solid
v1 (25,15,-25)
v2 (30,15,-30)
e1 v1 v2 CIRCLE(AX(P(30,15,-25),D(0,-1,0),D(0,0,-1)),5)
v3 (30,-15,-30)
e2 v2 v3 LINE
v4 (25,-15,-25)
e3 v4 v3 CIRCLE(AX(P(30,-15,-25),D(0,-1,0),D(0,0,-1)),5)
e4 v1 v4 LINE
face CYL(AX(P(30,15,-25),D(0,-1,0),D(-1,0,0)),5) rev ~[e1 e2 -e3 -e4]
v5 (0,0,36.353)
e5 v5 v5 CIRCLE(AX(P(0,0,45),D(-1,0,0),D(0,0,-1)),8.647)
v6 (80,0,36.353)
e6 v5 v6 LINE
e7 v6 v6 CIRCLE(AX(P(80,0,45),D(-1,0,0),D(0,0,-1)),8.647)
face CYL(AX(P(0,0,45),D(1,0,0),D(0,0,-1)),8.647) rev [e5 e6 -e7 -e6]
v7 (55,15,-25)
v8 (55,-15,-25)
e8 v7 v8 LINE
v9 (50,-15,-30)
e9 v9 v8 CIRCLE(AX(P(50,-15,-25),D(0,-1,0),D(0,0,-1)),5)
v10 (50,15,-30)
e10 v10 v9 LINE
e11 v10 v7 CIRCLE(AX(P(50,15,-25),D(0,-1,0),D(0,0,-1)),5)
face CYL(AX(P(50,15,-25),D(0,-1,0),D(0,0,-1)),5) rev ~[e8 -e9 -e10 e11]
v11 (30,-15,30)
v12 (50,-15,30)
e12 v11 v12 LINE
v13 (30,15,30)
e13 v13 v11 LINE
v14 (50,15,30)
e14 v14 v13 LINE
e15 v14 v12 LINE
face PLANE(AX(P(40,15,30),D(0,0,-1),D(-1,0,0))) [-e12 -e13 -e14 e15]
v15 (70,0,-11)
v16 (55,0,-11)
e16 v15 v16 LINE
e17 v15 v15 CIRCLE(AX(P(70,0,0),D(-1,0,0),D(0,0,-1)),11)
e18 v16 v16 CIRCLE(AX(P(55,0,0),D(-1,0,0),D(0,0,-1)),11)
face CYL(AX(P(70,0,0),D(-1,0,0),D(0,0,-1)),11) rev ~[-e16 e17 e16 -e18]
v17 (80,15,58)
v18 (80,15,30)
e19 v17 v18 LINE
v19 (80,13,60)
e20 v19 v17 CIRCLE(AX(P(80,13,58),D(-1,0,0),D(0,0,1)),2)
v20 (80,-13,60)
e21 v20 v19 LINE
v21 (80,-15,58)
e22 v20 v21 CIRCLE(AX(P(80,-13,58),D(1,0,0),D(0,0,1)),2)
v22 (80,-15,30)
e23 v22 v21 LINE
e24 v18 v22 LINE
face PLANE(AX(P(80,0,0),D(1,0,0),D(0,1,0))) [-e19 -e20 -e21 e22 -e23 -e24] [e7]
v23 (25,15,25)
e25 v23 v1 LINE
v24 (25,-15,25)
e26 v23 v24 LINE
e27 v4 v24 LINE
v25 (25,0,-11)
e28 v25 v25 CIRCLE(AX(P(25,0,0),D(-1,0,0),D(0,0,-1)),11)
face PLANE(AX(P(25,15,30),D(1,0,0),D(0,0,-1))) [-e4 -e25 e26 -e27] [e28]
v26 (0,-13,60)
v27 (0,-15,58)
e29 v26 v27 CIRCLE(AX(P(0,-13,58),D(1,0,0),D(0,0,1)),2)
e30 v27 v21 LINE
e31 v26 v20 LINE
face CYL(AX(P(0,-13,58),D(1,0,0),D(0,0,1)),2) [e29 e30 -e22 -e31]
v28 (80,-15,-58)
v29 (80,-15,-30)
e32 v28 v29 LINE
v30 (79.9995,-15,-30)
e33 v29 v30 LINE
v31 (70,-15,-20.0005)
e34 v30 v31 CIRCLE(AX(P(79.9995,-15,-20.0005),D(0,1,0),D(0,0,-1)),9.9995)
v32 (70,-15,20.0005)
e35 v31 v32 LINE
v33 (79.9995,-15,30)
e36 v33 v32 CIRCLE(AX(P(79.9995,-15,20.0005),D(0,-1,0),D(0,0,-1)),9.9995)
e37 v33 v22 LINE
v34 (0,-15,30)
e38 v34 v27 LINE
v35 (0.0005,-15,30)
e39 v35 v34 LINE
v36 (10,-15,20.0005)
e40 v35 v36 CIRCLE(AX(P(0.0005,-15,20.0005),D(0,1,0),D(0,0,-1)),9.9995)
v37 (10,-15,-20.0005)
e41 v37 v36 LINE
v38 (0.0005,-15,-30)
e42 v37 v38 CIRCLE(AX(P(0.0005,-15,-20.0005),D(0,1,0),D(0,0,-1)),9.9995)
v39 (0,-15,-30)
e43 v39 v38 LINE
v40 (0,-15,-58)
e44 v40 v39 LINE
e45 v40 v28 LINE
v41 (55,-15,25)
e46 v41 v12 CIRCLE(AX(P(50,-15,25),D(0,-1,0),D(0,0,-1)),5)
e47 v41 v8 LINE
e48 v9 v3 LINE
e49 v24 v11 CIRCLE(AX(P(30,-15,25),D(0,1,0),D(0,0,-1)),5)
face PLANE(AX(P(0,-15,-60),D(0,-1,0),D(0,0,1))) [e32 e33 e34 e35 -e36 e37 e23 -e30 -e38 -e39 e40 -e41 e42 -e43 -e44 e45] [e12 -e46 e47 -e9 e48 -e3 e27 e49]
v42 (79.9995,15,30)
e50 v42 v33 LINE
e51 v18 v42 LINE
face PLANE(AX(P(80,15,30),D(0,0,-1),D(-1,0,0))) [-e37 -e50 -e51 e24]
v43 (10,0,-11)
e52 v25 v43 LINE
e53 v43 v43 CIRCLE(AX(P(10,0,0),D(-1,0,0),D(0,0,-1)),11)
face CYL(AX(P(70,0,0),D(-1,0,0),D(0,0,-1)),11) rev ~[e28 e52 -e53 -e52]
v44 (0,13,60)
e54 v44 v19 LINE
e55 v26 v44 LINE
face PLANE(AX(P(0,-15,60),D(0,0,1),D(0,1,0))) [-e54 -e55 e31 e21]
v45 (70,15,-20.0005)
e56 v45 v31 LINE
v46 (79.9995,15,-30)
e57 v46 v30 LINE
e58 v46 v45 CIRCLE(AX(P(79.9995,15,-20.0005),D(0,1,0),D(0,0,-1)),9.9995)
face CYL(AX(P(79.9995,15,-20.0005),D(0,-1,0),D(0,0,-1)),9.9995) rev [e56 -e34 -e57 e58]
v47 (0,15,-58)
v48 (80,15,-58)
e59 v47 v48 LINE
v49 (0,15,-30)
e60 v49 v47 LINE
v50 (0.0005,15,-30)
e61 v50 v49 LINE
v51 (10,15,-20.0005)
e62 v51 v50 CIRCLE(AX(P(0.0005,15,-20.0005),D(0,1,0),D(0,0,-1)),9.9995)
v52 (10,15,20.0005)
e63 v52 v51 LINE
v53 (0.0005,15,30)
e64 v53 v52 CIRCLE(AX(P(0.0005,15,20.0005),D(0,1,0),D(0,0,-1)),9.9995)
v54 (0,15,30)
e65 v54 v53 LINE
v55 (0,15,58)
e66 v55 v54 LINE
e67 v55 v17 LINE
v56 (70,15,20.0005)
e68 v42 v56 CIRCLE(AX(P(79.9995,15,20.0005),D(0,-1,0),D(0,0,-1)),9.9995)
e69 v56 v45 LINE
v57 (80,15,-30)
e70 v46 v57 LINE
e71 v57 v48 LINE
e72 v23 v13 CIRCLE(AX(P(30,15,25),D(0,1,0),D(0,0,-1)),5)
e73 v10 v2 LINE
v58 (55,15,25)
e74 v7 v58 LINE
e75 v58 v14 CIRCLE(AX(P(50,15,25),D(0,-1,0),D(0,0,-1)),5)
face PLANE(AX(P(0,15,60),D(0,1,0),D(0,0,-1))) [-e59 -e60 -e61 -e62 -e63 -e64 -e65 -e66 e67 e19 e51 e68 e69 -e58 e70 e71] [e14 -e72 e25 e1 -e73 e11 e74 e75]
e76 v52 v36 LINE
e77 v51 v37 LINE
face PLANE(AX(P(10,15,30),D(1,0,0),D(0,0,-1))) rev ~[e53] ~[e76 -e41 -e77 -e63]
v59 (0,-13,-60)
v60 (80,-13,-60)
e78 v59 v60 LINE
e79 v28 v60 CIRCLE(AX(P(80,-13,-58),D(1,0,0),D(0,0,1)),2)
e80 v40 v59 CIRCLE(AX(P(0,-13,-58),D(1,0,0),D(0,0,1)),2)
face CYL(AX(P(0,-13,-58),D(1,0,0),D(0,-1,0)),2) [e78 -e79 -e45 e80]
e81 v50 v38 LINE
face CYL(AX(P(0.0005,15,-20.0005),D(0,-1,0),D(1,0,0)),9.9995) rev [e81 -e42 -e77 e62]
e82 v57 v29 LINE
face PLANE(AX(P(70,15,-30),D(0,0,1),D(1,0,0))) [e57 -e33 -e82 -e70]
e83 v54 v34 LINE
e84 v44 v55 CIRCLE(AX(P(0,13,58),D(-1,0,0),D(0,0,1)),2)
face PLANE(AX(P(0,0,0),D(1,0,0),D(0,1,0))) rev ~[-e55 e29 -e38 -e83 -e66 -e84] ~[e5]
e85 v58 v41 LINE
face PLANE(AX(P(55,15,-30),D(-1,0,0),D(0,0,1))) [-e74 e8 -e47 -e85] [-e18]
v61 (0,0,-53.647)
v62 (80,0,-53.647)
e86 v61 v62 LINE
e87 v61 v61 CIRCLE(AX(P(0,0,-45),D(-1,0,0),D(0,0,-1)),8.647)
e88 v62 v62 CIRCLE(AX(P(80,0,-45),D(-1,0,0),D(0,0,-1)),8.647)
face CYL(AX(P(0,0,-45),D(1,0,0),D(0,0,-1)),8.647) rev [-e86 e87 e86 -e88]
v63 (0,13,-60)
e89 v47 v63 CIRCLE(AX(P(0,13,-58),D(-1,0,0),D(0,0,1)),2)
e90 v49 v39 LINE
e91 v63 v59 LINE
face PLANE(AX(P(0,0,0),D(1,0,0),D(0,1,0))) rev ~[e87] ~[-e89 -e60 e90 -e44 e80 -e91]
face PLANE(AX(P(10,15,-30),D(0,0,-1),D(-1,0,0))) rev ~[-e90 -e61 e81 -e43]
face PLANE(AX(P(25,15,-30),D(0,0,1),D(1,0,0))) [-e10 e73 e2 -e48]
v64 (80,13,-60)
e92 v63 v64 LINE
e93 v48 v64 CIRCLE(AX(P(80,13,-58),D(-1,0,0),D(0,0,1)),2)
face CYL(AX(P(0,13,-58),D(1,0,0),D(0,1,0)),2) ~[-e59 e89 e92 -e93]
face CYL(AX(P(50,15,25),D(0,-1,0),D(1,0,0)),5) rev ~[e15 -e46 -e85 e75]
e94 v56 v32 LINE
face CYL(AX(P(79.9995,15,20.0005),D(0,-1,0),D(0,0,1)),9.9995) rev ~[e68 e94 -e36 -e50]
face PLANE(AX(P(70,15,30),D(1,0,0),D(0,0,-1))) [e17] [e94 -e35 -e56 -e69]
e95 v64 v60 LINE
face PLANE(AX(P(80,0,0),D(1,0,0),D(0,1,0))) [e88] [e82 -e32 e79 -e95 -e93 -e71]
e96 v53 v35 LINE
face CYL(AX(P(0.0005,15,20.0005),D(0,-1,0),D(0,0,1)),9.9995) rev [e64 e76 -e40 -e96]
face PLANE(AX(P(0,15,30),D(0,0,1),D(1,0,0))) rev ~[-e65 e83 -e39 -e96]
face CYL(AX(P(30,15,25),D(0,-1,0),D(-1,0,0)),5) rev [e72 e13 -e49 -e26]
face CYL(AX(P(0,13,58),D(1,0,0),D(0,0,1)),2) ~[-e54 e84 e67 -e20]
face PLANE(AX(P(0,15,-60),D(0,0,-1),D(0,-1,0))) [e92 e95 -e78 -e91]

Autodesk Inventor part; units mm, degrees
ref_plane "YZ Plane" through (0, 0, 0) normal (1, 0, 0) x (0, 1, 0)
ref_plane "XZ Plane" through (0, 0, 0) normal (0, 1, 0) x (-1, 0, 0)
sketch "Sketch1" plane through (0, 0, 0) normal (1, 0, 0) x (0, 1, 0)
  line L0 (-15, 60) -> (15, 60)
  line L1 (15, 60) -> (15, -60)
  line L2 (15, -60) -> (-15, -60)
  line L3 (-15, -60) -> (-15, 60)
  line L4 (-15, 60) -> (15, -60) construction
  line L5 (15, 60) -> (-15, -60) construction
  point P0 (0, 0)
  dimension "d0" = 30
  dimension "d1" = 120
extrude "Extrusion1" add sketch "Sketch1" along normal blind 80
sketch "Sketch2" plane through (80, 0, 0) normal (1, 0, 0) x (0, 0, -1)
  line L0 (-60, 15) -> (-60, -15) projected
  line L1 (-60, 0) -> (60, 0)
  line L2 (60, -15) -> (60, 15) projected
  line L3 (60, 15) -> (-60, 15) projected
  line L4 (0, 15) -> (0, -15)
  line L5 (-60, -15) -> (60, -15) projected
  point P0 (0, 0)
  point P1 (-45, 0)
  point P2 (45, 0)
  dimension "d4" = 45
hole "Hole1" at (80, 0, 45) at (80, 0, -45) direction (-1, 0, 0) diameter 17.294 depth 41.2 tip angle 118 thread size "M20x2.5" class "6H" standard "ISO Metric profile"
ref_plane "Work Plane1" through (40, 0, 0) normal (1, 0, 0) x (0, 0, -1)
mirror "Mirror1" about plane through (40, 0, 0) normal (1, 0, 0) of "Hole1"
sketch "Sketch5" plane through (0, 15, 60) normal (0, 1, 0) x (1, 0, 0)
  line L0 (0, 0) -> (80, 0) projected
  line L1 (40, 0) -> (40, 120)
  line L2 (0, 120) -> (80, 120) projected
  line L3 (55, 30) -> (25, 30)
  line L4 (25, 30) -> (25, 90)
  line L5 (25, 90) -> (55, 90)
  line L6 (55, 90) -> (55, 30)
  line L7 (55, 30) -> (25, 90) construction
  line L8 (25, 30) -> (55, 90) construction
  line L9 (0, 0) -> (0, 120) projected
  line L10 (0, 30) -> (10, 30)
  line L11 (10, 30) -> (10, 90)
  line L12 (10, 90) -> (0, 90)
  line L13 (0, 90) -> (0, 30)
  line L14 (80, 0) -> (80, 120) projected
  line L15 (80, 30) -> (70, 30)
  line L16 (70, 30) -> (70, 90)
  line L17 (70, 90) -> (80, 90)
  line L18 (80, 90) -> (80, 30)
  point P0 (0, 60)
  point P1 (40, 60)
  dimension "d20" = 30
  dimension "d22" = 30
  dimension "d23" = 30
  dimension "d24" = 60
  dimension "d25" = 10
  dimension "d26" = 10
extrude "Extrusion2" cut sketch "Sketch5" against normal through all contours L9 L12 L11 L10 | L3 L4 L5 L1 | L1 L5 L6 L3 | L15 L16 L17 L14
hole "Hole5" at (70, 0, 0) direction (-1, 0, 0) diameter 22 end through all
fillet "Fillet1" radius 2 4 edges at (40, 15, 60) (40, -15, 60) (40, -15, -60) (40, 15, -60)
fillet "Fillet4" radius 10 2 edges at (70, 0, 30) (10, 0, 30)
fillet "Fillet5" radius 5 2 edges at (25, 0, 30) (55, 0, 30)
fillet "Fillet6" radius 10 2 edges at (70, 0, -30) (10, 0, -30)
fillet "Fillet9" radius 5 2 edges at (25, 0, -30) (55, 0, -30)
properties part number "Profile_Middle_04"
